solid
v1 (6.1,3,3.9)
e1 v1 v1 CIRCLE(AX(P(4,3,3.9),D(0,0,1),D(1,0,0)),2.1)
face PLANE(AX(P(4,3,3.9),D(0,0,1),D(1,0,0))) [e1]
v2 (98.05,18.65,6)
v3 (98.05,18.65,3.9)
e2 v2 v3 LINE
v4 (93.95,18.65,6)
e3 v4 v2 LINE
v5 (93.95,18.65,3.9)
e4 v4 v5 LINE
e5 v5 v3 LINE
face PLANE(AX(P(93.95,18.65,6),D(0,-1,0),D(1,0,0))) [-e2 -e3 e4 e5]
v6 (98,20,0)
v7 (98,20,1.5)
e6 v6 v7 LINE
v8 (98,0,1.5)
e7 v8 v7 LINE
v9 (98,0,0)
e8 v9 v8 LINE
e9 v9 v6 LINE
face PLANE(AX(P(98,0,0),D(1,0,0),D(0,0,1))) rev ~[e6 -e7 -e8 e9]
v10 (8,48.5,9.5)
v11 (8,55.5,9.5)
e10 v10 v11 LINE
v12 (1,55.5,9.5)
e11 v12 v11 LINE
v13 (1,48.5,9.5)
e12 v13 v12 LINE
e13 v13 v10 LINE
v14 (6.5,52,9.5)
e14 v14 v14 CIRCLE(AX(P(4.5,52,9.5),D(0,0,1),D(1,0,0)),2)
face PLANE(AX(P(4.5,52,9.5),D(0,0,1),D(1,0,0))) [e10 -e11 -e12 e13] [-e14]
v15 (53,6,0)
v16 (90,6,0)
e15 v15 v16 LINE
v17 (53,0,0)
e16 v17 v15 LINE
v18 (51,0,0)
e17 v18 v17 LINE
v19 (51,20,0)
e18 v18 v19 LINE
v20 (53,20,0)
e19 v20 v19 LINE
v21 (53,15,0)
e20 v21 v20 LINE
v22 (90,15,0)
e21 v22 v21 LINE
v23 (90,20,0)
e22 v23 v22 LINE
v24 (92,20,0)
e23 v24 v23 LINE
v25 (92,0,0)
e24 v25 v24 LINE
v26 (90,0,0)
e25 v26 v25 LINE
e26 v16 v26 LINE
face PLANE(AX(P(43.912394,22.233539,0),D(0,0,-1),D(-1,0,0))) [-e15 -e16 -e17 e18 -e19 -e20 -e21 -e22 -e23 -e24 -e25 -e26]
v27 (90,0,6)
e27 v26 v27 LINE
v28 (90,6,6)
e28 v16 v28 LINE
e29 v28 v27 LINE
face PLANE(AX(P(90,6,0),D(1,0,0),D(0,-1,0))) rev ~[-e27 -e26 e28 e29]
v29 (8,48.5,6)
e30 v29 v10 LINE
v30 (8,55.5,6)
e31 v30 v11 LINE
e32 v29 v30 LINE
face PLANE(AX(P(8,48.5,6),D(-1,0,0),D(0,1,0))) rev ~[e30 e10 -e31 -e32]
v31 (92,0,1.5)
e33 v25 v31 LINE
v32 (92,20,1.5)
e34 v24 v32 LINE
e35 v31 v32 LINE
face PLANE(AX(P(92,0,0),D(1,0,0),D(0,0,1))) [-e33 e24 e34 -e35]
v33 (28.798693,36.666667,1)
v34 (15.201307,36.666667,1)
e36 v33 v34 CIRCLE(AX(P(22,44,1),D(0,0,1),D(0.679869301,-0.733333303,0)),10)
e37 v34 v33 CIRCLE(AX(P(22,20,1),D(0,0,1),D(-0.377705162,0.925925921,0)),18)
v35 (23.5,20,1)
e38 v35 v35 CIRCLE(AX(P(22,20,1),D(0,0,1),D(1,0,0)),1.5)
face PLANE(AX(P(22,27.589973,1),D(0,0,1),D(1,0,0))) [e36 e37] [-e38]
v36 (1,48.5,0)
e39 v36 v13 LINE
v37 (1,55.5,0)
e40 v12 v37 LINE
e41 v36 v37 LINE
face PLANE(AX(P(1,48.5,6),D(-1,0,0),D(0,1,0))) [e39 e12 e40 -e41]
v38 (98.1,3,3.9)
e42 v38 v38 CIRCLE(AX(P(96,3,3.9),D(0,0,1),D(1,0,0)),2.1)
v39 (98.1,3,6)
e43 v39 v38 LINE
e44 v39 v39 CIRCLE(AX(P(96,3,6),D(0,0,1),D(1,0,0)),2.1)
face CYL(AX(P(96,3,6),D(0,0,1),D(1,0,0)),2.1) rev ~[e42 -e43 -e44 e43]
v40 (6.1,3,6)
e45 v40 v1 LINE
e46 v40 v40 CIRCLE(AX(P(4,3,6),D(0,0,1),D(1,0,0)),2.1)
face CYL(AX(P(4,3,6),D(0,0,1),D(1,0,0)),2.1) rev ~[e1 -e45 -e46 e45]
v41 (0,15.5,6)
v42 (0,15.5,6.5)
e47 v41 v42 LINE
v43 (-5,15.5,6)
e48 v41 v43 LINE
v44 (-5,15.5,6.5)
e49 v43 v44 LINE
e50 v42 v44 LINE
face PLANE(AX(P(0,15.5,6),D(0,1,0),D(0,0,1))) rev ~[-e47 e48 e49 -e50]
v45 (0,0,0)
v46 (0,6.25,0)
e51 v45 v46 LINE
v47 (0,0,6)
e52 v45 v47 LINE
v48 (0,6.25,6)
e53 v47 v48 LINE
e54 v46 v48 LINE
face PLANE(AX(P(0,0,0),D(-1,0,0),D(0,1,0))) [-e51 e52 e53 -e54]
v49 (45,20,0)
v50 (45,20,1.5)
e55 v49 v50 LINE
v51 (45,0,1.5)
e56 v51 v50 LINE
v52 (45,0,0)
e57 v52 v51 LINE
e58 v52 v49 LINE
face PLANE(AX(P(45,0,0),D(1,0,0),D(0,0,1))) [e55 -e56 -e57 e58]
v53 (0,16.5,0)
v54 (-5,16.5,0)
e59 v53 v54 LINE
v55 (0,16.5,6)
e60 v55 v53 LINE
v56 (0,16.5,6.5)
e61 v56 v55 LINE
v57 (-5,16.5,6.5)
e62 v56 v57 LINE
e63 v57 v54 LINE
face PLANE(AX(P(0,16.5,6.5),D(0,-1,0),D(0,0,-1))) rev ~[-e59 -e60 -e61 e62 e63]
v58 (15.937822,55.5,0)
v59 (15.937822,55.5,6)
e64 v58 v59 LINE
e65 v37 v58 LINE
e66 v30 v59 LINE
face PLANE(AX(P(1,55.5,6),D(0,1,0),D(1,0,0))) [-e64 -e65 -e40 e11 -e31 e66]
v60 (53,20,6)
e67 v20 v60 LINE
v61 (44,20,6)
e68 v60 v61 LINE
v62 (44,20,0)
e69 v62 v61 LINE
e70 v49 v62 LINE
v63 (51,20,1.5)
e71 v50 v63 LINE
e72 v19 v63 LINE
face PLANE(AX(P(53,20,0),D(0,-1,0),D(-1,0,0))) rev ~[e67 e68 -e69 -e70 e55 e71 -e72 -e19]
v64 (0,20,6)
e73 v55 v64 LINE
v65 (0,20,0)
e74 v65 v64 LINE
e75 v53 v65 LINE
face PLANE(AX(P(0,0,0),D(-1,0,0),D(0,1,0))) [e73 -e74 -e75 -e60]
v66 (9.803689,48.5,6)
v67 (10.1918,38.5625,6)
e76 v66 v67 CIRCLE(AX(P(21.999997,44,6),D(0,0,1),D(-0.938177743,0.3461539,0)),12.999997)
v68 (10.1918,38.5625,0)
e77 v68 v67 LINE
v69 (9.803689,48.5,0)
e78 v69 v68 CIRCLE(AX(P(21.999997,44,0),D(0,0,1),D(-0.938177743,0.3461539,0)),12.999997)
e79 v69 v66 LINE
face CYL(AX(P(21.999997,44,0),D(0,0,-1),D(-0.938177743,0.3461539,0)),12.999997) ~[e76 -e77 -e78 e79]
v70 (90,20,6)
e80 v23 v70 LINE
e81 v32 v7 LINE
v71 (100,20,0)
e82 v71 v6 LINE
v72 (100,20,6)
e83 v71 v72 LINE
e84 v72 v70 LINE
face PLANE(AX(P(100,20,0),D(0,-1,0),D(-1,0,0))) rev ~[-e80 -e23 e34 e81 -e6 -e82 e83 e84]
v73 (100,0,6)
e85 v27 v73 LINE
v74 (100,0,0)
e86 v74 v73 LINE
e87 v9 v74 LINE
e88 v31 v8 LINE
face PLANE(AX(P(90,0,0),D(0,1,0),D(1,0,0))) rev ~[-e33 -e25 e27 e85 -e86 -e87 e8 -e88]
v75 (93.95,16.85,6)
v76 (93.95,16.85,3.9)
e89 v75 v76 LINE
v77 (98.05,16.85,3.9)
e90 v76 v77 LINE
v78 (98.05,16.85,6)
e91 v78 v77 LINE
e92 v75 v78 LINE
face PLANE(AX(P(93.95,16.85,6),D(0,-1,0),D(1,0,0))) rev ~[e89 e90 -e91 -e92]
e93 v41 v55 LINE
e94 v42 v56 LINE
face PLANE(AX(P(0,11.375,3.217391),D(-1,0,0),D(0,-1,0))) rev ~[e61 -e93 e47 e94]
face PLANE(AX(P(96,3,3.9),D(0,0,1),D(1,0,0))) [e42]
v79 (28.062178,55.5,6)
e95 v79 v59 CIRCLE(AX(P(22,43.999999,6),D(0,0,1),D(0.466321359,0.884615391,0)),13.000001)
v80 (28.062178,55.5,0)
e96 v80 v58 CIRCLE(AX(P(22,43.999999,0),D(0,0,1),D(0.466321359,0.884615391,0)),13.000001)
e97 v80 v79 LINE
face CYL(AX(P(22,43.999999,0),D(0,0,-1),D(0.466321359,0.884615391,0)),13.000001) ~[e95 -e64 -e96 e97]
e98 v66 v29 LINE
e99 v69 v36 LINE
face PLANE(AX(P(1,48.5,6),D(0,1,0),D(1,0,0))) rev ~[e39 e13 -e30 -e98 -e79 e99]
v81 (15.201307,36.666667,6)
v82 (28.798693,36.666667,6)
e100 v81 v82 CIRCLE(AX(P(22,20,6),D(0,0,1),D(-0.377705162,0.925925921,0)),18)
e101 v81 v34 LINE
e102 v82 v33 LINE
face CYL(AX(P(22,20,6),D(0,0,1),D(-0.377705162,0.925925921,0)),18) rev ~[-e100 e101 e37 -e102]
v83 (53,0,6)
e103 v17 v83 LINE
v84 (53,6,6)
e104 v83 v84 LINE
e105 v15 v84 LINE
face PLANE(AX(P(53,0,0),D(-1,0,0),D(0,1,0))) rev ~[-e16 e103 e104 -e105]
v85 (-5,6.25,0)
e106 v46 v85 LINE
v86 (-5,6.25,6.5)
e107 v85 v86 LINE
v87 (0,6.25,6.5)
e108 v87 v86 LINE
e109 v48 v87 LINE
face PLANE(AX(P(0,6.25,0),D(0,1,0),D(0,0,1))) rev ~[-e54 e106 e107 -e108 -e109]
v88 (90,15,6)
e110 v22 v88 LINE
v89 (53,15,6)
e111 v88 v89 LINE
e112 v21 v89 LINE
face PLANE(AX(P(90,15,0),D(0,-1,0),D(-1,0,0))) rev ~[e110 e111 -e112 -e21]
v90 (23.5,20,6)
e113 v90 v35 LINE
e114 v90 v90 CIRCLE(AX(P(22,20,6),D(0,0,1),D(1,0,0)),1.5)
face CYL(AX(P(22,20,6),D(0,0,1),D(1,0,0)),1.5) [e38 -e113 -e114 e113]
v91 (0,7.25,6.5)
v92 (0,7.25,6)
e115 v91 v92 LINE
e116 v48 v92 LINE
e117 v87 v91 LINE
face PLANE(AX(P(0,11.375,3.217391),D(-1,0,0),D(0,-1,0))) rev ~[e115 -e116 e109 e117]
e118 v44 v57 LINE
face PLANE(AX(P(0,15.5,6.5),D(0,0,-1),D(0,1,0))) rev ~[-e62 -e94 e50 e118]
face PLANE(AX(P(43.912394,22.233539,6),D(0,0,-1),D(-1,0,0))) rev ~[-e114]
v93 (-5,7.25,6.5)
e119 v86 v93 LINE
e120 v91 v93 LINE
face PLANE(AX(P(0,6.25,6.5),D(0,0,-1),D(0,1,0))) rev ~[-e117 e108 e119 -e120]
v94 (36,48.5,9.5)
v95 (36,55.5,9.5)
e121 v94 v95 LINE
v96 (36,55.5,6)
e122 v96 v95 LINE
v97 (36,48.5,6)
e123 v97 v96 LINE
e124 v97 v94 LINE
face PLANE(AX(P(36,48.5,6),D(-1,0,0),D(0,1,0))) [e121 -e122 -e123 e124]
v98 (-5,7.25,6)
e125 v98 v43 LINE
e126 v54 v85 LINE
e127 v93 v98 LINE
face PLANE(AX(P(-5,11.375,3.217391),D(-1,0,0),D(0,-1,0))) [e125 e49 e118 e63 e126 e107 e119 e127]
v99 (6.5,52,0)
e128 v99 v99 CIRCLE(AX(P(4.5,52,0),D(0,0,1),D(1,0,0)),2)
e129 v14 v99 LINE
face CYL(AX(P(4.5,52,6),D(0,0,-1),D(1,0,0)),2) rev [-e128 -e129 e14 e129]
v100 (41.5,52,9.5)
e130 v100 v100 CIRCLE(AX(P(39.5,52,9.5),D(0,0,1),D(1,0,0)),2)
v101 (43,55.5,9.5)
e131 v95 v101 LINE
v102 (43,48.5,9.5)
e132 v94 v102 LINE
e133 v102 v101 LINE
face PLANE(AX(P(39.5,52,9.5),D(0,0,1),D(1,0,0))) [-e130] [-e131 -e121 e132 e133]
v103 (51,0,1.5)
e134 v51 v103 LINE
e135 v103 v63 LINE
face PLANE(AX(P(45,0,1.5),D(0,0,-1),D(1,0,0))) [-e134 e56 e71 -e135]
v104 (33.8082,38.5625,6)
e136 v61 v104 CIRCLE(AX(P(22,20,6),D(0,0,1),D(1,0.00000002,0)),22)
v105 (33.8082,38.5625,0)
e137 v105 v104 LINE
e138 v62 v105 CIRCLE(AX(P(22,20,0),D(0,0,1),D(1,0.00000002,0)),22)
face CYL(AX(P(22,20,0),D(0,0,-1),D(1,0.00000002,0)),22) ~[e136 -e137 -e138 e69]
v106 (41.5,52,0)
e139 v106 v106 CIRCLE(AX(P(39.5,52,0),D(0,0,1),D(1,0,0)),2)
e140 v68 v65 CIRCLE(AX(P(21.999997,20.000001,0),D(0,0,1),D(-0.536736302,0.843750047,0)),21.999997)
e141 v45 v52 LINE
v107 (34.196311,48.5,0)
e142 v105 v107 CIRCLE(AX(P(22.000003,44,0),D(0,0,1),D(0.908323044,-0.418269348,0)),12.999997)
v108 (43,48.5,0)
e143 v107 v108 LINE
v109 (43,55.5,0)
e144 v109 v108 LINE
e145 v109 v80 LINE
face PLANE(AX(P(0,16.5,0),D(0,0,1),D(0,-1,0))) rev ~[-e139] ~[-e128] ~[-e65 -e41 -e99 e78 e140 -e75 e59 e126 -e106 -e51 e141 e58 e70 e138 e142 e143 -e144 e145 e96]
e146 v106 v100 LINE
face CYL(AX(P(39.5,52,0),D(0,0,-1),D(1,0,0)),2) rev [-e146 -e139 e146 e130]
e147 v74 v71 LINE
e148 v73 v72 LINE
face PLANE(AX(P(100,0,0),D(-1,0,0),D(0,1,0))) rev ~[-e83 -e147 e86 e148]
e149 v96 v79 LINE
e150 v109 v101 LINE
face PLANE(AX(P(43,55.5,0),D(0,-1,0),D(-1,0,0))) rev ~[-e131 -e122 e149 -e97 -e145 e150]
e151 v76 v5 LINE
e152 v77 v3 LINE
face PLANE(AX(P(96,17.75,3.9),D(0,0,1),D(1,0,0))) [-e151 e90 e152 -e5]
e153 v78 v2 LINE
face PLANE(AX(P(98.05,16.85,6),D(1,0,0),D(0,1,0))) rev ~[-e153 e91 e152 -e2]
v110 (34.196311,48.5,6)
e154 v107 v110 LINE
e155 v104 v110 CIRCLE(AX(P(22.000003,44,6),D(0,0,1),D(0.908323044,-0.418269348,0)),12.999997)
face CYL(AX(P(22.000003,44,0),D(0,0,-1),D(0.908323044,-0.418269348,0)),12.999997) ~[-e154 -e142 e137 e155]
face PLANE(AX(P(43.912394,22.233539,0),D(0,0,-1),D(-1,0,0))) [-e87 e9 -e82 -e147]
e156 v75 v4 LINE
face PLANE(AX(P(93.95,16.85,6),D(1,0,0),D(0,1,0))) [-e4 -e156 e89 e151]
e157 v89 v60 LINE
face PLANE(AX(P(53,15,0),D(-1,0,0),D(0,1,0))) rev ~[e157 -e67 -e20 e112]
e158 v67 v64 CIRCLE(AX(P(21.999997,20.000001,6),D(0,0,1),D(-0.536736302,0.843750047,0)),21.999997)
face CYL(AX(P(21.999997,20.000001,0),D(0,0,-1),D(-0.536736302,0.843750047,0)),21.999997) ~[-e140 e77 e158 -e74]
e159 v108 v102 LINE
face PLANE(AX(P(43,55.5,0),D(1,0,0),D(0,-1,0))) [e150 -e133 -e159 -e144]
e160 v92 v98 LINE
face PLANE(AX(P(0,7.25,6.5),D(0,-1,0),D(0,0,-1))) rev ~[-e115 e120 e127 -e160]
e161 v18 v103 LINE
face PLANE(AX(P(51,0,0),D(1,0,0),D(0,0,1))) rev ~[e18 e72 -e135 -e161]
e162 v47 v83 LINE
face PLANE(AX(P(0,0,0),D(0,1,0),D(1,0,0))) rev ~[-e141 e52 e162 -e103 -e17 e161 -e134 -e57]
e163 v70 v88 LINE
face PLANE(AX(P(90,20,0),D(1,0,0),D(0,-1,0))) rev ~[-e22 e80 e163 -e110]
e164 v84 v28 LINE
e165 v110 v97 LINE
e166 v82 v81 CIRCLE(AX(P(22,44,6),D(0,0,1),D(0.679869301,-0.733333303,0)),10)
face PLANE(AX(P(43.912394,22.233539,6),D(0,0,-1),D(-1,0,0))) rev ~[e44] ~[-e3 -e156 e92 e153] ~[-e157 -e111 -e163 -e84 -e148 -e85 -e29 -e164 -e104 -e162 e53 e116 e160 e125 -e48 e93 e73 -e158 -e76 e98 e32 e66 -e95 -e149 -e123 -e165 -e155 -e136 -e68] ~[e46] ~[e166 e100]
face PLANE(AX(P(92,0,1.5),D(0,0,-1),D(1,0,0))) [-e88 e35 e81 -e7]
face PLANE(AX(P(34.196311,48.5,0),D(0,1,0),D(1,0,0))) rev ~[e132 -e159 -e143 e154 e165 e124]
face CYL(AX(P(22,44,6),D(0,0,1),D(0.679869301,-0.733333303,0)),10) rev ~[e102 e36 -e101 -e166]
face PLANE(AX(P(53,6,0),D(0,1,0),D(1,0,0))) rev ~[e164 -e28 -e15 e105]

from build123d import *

# Parameters (mm, degrees)
SKETCH016_R     = 2
PAD012_DEPTH    = 6
SKETCH001_R     = 1.5
POCKET_DEPTH    = 5
SKETCH010_W     = 6
SKETCH010_H     = 1.5
POCKET009_DEPTH = 20
SKETCH017_R     = 2.1
SKETCH017_W     = 4.1
SKETCH017_H     = 1.8
POCKET010_DEPTH = 2.1
PAD013_DEPTH    = 5
SKETCH_W        = 7
SKETCH_H        = 7
SKETCH_R        = 2
PAD014_DEPTH    = 3.5
SKETCH020_R     = 2.1
SKETCH020_W     = 4.1
SKETCH020_H     = 1.8
POCKET017_DEPTH = 2.1


with BuildPart() as part:
    # Sketch016 → Pad012 (new body)
    with BuildSketch(Plane.XY):
        with BuildLine():
            Line((0, 0), (0, 20))
            ThreePointArc((10.1918, 38.5625), (2.715545, 30.588192), (0, 20))
            ThreePointArc((9.803689, 48.5), (9.009903, 43.49267), (10.1918, 38.5625))
            Line((9.803689, 48.5), (1, 48.5))
            Line((1, 48.5), (1, 55.5))
            Line((1, 55.5), (15.937822, 55.5))
            ThreePointArc((28.062178, 55.5), (22, 57), (15.937822, 55.5))
            Line((43, 55.5), (28.062178, 55.5))
            Line((43, 55.5), (43, 48.5))
            Line((34.196311, 48.5), (43, 48.5))
            ThreePointArc((33.8082, 38.5625), (34.990097, 43.49267), (34.196311, 48.5))
            ThreePointArc((44, 20), (41.284455, 30.588191), (33.8082, 38.5625))
            Line((53, 20), (44, 20))
            Line((53, 15), (53, 20))
            Line((90, 15), (53, 15))
            Line((90, 20), (90, 15))
            Line((100, 20), (90, 20))
            Line((100, 0), (100, 20))
            Line((90, 0), (100, 0))
            Line((90, 6), (90, 0))
            Line((53, 6), (90, 6))
            Line((53, 0), (53, 6))
            Line((0, 0), (53, 0))
        make_face()
        with Locations((4.5, 52)):
            Circle(SKETCH016_R, mode=Mode.SUBTRACT)
        with Locations((39.5, 52)):
            Circle(SKETCH016_R, mode=Mode.SUBTRACT)
    extrude(amount=PAD012_DEPTH)

    # Sketch001 → Pocket (cut)
    with BuildSketch(Plane.XY.offset(6)):
        with BuildLine():
            ThreePointArc((28.798693, 36.666667), (22, 54), (15.201307, 36.666667))
            ThreePointArc((15.201307, 36.666667), (22, 2), (28.798693, 36.666667))
        make_face()
        with Locations((22, 20)):
            Circle(SKETCH001_R, mode=Mode.SUBTRACT)
    extrude(amount=-POCKET_DEPTH, mode=Mode.SUBTRACT)

    # Sketch010 → Pocket009 (cut)
    with BuildSketch(Plane.XZ):
        with Locations((48, 0.75)):
            Rectangle(SKETCH010_W, SKETCH010_H)
        with Locations((95, 0.75)):
            Rectangle(SKETCH010_W, SKETCH010_H)
    extrude(amount=-POCKET009_DEPTH, mode=Mode.SUBTRACT)

    # Sketch017 → Pocket010 (cut)
    with BuildSketch(Plane(origin=(0, 0, 0), x_dir=(1, 0, 0), z_dir=(0, 0, -1))):
        with Locations((4, 3)):
            Circle(SKETCH017_R)
        with Locations((96, 3)):
            Circle(SKETCH017_R)
        with Locations((96, 17.75)):
            Rectangle(SKETCH017_W, SKETCH017_H)
    extrude(amount=-POCKET010_DEPTH, mode=Mode.SUBTRACT)

    # Sketch015 → Pad013 (new body)
    with BuildSketch(Plane(origin=(0, 0, 0), x_dir=(0, -1, 0), z_dir=(-1, 0, 0))):
        Polygon((-16.5, 6.5), (-16.5, 0), (-6.25, 0), (-6.25, 6.5), (-7.25, 6.5), (-7.25, 6), (-15.5, 6), (-15.5, 6.5), align=None)
    extrude(amount=PAD013_DEPTH)

    # Sketch → Pad014 (new body)
    with BuildSketch(Plane.XY.offset(6)):
        with Locations((4.5, 52)):
            Rectangle(SKETCH_W, SKETCH_H)
        with Locations((4.5, 52)):
            Circle(SKETCH_R, mode=Mode.SUBTRACT)
        with Locations((39.5, 52)):
            Rectangle(SKETCH_W, SKETCH_H)
        with Locations((39.5, 52)):
            Circle(SKETCH_R, mode=Mode.SUBTRACT)
    extrude(amount=PAD014_DEPTH)

    # Sketch020 → Pocket017 (cut)
    with BuildSketch(Plane.XY.offset(6)):
        with Locations((4, 3)):
            Circle(SKETCH020_R)
        with Locations((96, 3)):
            Circle(SKETCH020_R)
        with Locations((96, 17.75)):
            Rectangle(SKETCH020_W, SKETCH020_H)
    extrude(amount=-POCKET017_DEPTH, mode=Mode.SUBTRACT)


solid = part.part
